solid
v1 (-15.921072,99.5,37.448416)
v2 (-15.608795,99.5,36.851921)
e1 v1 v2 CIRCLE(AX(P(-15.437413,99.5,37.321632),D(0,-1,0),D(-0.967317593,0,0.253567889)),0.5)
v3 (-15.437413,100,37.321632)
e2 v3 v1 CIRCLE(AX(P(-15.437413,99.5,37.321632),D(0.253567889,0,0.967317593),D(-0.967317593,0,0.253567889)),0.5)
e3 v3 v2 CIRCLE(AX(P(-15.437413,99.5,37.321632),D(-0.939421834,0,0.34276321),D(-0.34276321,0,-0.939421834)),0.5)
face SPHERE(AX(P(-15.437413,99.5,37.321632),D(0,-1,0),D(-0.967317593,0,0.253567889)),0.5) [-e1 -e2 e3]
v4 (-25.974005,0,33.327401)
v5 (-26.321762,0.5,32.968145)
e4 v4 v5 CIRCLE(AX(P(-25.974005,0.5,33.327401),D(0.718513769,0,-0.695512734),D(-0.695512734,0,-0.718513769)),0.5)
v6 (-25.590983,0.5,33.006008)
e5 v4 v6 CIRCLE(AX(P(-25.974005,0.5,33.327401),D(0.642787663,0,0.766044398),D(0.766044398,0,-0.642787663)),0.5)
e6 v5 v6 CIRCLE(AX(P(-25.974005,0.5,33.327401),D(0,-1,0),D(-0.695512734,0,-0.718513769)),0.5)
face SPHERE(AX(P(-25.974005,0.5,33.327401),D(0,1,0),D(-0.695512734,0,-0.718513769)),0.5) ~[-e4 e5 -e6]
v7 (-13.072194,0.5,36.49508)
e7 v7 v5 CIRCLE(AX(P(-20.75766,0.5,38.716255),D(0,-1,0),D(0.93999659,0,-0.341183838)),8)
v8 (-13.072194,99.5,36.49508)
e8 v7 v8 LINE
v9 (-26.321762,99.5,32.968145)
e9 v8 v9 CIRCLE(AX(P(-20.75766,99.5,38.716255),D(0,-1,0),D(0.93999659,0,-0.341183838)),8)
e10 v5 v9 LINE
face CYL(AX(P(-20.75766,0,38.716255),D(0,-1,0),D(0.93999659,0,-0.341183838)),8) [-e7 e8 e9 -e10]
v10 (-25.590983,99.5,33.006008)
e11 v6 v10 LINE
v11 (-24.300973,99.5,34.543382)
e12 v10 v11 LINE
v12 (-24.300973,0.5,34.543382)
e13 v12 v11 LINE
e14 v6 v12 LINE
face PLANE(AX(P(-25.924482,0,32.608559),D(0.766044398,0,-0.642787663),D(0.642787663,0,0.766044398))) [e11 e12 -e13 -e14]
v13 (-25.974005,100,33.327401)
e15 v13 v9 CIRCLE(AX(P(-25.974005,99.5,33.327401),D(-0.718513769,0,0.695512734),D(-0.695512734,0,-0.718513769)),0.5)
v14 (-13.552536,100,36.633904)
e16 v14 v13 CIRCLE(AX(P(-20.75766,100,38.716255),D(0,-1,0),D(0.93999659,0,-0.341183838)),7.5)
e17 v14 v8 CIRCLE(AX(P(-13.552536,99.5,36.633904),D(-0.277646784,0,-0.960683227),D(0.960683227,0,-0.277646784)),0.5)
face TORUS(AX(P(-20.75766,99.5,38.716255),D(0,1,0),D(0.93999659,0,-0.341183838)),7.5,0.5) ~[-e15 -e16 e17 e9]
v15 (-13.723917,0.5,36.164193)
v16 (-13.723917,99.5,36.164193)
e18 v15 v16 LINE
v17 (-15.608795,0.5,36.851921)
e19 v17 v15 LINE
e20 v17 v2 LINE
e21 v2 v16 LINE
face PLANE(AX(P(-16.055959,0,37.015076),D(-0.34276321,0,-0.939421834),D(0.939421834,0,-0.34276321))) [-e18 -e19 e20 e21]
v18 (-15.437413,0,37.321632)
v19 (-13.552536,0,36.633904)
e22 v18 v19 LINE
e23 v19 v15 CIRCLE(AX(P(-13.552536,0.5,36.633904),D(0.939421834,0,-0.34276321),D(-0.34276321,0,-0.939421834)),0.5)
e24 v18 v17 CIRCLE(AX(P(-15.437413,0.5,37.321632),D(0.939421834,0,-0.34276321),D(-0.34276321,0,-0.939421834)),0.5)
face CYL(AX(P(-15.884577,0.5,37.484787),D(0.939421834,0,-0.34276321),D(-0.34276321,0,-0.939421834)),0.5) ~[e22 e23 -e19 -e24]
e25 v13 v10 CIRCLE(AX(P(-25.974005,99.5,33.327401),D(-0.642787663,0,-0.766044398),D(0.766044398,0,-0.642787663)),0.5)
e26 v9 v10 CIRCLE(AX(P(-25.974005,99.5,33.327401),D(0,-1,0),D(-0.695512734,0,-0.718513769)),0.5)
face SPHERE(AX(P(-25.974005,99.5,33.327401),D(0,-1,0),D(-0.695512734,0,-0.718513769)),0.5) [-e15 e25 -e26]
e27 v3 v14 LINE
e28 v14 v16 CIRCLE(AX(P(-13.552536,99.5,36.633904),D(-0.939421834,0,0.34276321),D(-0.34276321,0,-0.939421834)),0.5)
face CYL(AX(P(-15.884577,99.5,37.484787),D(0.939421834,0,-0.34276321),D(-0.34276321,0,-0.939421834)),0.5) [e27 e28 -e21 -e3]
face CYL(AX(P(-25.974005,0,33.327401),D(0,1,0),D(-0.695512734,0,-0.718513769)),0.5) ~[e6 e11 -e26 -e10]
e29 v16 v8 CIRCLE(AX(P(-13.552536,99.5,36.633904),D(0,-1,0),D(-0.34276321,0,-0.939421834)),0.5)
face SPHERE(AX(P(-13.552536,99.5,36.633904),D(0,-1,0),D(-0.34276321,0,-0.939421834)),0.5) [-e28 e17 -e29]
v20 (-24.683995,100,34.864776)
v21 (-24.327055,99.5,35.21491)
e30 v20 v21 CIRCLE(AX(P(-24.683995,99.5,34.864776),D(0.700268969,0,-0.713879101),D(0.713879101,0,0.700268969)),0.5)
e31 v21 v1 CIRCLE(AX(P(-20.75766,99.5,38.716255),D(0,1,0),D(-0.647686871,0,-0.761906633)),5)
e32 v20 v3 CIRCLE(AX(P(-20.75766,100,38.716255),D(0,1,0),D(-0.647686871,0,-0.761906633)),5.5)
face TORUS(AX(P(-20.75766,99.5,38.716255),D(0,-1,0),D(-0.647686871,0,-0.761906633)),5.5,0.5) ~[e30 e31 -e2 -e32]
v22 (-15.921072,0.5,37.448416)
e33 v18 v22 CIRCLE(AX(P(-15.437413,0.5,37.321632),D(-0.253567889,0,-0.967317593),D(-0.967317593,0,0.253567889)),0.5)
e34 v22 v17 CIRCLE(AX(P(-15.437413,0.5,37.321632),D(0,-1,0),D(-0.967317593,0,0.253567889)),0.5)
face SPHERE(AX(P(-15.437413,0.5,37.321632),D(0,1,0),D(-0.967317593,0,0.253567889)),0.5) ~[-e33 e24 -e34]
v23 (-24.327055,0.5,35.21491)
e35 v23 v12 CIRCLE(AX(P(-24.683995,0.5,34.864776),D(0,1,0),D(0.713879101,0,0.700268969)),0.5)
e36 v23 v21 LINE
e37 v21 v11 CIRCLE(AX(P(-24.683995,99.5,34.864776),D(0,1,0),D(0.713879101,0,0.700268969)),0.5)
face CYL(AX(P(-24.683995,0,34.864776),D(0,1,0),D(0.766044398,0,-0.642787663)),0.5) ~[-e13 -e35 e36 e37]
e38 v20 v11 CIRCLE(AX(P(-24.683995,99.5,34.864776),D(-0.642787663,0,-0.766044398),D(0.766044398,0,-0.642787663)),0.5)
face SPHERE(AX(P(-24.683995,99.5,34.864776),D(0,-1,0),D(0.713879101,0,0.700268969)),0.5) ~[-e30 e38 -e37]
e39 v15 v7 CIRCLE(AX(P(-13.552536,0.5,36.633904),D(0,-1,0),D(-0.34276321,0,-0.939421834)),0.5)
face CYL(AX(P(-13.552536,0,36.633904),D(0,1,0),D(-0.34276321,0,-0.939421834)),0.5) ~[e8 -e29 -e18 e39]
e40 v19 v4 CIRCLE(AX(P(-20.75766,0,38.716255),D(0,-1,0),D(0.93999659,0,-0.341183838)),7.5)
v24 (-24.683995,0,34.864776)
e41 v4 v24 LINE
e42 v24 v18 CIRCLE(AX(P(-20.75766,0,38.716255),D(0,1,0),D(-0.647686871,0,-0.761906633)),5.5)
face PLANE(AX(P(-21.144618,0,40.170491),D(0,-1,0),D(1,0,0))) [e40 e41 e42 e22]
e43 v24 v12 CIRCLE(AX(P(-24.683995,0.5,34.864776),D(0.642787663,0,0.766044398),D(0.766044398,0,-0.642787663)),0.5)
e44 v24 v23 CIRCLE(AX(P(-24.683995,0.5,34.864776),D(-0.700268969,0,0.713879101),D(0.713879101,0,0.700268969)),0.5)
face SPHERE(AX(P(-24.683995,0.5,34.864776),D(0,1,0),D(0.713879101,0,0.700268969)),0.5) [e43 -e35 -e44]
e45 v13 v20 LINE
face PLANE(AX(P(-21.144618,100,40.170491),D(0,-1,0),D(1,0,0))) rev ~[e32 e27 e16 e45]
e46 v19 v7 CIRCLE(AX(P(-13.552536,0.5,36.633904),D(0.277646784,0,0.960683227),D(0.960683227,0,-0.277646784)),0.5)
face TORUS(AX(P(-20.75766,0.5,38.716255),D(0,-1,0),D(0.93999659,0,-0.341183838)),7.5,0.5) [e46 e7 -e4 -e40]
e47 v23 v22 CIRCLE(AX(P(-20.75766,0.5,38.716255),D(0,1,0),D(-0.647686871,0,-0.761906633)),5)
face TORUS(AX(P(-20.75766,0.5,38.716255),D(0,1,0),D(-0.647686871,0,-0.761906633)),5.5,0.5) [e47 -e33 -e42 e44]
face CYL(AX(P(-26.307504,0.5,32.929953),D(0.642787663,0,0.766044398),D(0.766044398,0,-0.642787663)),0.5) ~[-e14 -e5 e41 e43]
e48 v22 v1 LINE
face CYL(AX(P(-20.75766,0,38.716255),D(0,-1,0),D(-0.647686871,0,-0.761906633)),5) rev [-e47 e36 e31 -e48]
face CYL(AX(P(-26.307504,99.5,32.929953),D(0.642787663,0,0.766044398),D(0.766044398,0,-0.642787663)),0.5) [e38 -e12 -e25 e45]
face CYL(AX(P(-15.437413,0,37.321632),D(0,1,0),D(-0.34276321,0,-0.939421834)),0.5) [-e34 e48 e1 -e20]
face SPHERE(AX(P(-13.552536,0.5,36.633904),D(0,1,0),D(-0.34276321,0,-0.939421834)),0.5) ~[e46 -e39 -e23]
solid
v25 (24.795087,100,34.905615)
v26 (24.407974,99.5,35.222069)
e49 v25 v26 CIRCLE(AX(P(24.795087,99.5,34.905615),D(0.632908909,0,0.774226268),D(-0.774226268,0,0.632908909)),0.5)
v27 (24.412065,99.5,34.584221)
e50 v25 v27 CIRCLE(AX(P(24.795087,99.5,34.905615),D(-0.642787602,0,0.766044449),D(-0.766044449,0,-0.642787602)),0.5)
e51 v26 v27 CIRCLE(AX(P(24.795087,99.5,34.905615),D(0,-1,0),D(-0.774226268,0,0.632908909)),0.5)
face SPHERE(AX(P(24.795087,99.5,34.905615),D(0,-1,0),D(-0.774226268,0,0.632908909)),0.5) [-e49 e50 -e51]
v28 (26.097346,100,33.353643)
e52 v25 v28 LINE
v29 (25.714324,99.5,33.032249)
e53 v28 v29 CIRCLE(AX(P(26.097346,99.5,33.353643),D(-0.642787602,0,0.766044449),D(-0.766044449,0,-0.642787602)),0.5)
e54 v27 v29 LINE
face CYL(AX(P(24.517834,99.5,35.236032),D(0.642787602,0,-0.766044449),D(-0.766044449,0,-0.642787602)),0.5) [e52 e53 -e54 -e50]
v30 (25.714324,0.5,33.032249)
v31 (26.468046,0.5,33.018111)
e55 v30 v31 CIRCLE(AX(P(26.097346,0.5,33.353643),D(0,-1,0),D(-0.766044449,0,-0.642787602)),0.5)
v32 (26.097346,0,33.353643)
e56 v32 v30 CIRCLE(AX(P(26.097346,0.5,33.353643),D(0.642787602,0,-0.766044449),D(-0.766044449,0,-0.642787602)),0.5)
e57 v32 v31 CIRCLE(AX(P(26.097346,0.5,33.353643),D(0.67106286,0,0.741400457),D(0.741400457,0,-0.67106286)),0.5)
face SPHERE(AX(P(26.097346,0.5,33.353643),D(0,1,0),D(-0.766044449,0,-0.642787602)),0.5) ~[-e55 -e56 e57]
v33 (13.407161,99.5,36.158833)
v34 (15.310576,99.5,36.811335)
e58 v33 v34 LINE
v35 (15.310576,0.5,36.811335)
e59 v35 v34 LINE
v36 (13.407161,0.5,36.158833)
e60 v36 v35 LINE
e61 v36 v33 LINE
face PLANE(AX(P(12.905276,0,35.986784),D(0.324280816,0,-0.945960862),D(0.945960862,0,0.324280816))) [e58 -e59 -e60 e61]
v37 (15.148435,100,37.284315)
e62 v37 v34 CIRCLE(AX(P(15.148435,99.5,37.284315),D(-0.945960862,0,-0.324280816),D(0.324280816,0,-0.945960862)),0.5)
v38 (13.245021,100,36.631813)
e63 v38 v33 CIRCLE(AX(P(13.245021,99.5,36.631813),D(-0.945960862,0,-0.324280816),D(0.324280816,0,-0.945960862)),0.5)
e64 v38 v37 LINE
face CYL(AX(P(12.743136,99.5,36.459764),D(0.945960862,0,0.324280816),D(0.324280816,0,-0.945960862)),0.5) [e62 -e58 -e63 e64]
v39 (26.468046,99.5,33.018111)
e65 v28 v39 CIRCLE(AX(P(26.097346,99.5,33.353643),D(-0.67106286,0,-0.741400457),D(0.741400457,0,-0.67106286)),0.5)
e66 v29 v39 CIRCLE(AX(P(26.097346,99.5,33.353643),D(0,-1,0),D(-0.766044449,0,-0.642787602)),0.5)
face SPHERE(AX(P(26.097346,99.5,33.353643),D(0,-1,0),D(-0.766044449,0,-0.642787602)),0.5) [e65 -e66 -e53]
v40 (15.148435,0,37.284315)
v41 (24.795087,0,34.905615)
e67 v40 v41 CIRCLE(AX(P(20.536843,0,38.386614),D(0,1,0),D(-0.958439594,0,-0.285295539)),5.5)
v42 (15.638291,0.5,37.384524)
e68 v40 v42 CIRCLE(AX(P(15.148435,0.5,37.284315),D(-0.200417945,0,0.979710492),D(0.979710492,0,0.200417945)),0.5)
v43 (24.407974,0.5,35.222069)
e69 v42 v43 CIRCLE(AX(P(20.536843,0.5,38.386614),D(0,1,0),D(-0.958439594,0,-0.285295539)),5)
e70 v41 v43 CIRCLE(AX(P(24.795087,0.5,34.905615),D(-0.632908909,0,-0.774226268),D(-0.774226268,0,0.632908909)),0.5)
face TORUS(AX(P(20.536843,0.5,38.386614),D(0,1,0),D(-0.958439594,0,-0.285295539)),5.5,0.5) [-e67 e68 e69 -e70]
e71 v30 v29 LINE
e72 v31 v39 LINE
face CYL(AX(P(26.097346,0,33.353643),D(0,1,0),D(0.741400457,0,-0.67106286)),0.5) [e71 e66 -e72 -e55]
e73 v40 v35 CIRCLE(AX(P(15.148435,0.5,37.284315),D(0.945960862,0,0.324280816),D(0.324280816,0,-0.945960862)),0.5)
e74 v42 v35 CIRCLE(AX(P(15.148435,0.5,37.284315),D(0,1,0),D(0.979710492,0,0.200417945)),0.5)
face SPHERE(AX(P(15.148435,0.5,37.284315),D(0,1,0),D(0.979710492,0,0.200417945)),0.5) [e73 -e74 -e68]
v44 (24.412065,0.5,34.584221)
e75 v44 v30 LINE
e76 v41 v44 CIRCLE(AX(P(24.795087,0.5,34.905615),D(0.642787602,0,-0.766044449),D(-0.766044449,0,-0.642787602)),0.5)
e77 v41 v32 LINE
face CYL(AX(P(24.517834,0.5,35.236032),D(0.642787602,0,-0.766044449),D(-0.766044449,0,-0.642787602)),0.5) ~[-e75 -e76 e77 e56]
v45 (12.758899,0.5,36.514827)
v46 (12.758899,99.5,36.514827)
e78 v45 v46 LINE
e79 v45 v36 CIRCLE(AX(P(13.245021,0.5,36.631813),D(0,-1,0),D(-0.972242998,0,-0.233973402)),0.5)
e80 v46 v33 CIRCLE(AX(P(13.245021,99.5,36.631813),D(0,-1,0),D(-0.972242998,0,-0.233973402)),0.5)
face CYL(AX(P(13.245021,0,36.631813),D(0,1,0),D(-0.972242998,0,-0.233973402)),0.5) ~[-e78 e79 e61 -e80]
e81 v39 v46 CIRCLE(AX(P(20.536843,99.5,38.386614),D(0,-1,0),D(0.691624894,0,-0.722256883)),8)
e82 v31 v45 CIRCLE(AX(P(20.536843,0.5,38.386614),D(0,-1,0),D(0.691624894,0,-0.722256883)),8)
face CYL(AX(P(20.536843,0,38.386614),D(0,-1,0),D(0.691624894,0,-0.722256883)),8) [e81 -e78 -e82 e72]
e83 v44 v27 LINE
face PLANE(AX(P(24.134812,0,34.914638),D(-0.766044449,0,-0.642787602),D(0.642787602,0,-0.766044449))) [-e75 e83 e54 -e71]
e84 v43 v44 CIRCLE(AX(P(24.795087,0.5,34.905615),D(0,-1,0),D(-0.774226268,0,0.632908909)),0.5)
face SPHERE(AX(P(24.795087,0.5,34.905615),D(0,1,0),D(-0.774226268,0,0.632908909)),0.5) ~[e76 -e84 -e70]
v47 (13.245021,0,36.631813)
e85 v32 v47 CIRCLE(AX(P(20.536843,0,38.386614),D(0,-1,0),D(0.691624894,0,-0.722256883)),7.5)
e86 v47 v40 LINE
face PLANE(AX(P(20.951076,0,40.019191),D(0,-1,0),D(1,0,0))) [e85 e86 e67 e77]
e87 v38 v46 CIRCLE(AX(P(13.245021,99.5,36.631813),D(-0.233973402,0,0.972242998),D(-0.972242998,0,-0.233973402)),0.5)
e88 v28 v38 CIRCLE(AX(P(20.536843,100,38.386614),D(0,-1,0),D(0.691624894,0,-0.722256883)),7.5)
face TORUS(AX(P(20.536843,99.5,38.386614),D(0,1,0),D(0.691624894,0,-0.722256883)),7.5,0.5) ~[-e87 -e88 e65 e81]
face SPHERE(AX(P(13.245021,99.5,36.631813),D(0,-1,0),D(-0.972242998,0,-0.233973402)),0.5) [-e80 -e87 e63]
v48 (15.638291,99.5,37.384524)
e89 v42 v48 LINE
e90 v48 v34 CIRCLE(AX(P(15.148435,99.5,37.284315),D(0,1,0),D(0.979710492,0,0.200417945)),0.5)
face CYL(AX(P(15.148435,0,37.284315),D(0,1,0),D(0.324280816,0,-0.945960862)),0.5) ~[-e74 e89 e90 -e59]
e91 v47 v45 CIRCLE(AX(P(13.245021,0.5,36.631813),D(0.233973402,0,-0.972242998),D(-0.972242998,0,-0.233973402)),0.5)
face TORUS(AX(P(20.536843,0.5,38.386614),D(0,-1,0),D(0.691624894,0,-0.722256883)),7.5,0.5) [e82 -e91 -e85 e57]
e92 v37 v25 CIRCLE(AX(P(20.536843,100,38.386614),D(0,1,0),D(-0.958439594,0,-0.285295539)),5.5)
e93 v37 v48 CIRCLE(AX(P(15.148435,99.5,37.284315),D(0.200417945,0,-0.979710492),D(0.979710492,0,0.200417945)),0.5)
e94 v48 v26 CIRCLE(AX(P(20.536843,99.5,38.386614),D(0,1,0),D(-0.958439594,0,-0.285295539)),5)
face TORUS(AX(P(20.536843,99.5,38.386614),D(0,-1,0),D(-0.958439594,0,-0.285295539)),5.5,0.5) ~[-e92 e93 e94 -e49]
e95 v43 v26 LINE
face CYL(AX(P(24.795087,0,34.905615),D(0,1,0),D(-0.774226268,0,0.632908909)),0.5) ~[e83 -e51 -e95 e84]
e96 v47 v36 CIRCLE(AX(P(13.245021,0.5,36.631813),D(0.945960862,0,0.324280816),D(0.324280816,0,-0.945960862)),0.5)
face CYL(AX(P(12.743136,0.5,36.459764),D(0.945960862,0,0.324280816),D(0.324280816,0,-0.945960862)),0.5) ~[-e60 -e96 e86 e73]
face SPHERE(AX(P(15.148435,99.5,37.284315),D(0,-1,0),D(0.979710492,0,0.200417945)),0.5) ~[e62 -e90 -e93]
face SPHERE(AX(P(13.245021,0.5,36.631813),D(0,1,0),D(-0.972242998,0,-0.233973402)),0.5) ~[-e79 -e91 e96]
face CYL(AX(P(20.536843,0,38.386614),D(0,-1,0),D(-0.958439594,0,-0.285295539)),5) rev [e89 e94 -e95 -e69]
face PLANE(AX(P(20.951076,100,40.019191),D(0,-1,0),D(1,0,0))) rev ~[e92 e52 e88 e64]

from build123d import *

# Parameters (mm, degrees)
F1_DEPTH = 100
F2_R     = 0.5


with BuildPart() as f1:
    # F0 (on Front) → F1 (new body)
    with BuildSketch(Plane.XZ):
        with BuildLine():
            Line((-16.055959, 37.015076), (-13.237687, 35.986784))
            ThreePointArc((-13.237687, 35.986784), (-22.816162, 46.44688), (-25.924482, 32.608559))
            Line((-25.924482, 32.608559), (-23.996094, 34.906722))
            ThreePointArc((-23.996094, 34.906722), (-22.04085, 43.548793), (-16.055959, 37.015076))
        make_face()
        with BuildLine():
            ThreePointArc((26.069842, 32.608559), (22.525334, 46.135543), (12.905276, 35.986784))
            Line((12.905276, 35.986784), (15.744645, 36.960136))
            ThreePointArc((15.744645, 36.960136), (21.72114, 43.244333), (24.134812, 34.914638))
            Line((24.134812, 34.914638), (26.069842, 32.608559))
        make_face()
    extrude(amount=-F1_DEPTH)

    # F2
    f2_edges = [f1.edges().sort_by_distance(p)[0] for p in [
        (-22.04085, 0, 43.548793),
        (-14.646823, 0, 36.50093),
        (-22.816162, 0, 46.44688),
        (-24.960288, 0, 33.75764),
        (21.72114, 0, 43.244333),
        (25.102327, 0, 33.761598),
        (22.525334, 0, 46.135543),
        (14.32496, 0, 36.47346),
        (21.72114, 100, 43.244333),
        (25.102327, 100, 33.761598),
        (22.525334, 100, 46.135543),
        (14.32496, 100, 36.47346),
        (-22.04085, 100, 43.548793),
        (-14.646823, 100, 36.50093),
        (-22.816162, 100, 46.44688),
        (-24.960288, 100, 33.75764),
        (-25.924482, 50, 32.608559),
        (-23.996094, 50, 34.906722),
        (-16.055959, 50, 37.015076),
        (-13.237687, 50, 35.986784),
        (12.905276, 50, 35.986784),
        (15.744645, 50, 36.960136),
        (24.134812, 50, 34.914638),
        (26.069842, 50, 32.608559),
    ]]
    fillet(f2_edges, radius=F2_R)


solid = f1.part
